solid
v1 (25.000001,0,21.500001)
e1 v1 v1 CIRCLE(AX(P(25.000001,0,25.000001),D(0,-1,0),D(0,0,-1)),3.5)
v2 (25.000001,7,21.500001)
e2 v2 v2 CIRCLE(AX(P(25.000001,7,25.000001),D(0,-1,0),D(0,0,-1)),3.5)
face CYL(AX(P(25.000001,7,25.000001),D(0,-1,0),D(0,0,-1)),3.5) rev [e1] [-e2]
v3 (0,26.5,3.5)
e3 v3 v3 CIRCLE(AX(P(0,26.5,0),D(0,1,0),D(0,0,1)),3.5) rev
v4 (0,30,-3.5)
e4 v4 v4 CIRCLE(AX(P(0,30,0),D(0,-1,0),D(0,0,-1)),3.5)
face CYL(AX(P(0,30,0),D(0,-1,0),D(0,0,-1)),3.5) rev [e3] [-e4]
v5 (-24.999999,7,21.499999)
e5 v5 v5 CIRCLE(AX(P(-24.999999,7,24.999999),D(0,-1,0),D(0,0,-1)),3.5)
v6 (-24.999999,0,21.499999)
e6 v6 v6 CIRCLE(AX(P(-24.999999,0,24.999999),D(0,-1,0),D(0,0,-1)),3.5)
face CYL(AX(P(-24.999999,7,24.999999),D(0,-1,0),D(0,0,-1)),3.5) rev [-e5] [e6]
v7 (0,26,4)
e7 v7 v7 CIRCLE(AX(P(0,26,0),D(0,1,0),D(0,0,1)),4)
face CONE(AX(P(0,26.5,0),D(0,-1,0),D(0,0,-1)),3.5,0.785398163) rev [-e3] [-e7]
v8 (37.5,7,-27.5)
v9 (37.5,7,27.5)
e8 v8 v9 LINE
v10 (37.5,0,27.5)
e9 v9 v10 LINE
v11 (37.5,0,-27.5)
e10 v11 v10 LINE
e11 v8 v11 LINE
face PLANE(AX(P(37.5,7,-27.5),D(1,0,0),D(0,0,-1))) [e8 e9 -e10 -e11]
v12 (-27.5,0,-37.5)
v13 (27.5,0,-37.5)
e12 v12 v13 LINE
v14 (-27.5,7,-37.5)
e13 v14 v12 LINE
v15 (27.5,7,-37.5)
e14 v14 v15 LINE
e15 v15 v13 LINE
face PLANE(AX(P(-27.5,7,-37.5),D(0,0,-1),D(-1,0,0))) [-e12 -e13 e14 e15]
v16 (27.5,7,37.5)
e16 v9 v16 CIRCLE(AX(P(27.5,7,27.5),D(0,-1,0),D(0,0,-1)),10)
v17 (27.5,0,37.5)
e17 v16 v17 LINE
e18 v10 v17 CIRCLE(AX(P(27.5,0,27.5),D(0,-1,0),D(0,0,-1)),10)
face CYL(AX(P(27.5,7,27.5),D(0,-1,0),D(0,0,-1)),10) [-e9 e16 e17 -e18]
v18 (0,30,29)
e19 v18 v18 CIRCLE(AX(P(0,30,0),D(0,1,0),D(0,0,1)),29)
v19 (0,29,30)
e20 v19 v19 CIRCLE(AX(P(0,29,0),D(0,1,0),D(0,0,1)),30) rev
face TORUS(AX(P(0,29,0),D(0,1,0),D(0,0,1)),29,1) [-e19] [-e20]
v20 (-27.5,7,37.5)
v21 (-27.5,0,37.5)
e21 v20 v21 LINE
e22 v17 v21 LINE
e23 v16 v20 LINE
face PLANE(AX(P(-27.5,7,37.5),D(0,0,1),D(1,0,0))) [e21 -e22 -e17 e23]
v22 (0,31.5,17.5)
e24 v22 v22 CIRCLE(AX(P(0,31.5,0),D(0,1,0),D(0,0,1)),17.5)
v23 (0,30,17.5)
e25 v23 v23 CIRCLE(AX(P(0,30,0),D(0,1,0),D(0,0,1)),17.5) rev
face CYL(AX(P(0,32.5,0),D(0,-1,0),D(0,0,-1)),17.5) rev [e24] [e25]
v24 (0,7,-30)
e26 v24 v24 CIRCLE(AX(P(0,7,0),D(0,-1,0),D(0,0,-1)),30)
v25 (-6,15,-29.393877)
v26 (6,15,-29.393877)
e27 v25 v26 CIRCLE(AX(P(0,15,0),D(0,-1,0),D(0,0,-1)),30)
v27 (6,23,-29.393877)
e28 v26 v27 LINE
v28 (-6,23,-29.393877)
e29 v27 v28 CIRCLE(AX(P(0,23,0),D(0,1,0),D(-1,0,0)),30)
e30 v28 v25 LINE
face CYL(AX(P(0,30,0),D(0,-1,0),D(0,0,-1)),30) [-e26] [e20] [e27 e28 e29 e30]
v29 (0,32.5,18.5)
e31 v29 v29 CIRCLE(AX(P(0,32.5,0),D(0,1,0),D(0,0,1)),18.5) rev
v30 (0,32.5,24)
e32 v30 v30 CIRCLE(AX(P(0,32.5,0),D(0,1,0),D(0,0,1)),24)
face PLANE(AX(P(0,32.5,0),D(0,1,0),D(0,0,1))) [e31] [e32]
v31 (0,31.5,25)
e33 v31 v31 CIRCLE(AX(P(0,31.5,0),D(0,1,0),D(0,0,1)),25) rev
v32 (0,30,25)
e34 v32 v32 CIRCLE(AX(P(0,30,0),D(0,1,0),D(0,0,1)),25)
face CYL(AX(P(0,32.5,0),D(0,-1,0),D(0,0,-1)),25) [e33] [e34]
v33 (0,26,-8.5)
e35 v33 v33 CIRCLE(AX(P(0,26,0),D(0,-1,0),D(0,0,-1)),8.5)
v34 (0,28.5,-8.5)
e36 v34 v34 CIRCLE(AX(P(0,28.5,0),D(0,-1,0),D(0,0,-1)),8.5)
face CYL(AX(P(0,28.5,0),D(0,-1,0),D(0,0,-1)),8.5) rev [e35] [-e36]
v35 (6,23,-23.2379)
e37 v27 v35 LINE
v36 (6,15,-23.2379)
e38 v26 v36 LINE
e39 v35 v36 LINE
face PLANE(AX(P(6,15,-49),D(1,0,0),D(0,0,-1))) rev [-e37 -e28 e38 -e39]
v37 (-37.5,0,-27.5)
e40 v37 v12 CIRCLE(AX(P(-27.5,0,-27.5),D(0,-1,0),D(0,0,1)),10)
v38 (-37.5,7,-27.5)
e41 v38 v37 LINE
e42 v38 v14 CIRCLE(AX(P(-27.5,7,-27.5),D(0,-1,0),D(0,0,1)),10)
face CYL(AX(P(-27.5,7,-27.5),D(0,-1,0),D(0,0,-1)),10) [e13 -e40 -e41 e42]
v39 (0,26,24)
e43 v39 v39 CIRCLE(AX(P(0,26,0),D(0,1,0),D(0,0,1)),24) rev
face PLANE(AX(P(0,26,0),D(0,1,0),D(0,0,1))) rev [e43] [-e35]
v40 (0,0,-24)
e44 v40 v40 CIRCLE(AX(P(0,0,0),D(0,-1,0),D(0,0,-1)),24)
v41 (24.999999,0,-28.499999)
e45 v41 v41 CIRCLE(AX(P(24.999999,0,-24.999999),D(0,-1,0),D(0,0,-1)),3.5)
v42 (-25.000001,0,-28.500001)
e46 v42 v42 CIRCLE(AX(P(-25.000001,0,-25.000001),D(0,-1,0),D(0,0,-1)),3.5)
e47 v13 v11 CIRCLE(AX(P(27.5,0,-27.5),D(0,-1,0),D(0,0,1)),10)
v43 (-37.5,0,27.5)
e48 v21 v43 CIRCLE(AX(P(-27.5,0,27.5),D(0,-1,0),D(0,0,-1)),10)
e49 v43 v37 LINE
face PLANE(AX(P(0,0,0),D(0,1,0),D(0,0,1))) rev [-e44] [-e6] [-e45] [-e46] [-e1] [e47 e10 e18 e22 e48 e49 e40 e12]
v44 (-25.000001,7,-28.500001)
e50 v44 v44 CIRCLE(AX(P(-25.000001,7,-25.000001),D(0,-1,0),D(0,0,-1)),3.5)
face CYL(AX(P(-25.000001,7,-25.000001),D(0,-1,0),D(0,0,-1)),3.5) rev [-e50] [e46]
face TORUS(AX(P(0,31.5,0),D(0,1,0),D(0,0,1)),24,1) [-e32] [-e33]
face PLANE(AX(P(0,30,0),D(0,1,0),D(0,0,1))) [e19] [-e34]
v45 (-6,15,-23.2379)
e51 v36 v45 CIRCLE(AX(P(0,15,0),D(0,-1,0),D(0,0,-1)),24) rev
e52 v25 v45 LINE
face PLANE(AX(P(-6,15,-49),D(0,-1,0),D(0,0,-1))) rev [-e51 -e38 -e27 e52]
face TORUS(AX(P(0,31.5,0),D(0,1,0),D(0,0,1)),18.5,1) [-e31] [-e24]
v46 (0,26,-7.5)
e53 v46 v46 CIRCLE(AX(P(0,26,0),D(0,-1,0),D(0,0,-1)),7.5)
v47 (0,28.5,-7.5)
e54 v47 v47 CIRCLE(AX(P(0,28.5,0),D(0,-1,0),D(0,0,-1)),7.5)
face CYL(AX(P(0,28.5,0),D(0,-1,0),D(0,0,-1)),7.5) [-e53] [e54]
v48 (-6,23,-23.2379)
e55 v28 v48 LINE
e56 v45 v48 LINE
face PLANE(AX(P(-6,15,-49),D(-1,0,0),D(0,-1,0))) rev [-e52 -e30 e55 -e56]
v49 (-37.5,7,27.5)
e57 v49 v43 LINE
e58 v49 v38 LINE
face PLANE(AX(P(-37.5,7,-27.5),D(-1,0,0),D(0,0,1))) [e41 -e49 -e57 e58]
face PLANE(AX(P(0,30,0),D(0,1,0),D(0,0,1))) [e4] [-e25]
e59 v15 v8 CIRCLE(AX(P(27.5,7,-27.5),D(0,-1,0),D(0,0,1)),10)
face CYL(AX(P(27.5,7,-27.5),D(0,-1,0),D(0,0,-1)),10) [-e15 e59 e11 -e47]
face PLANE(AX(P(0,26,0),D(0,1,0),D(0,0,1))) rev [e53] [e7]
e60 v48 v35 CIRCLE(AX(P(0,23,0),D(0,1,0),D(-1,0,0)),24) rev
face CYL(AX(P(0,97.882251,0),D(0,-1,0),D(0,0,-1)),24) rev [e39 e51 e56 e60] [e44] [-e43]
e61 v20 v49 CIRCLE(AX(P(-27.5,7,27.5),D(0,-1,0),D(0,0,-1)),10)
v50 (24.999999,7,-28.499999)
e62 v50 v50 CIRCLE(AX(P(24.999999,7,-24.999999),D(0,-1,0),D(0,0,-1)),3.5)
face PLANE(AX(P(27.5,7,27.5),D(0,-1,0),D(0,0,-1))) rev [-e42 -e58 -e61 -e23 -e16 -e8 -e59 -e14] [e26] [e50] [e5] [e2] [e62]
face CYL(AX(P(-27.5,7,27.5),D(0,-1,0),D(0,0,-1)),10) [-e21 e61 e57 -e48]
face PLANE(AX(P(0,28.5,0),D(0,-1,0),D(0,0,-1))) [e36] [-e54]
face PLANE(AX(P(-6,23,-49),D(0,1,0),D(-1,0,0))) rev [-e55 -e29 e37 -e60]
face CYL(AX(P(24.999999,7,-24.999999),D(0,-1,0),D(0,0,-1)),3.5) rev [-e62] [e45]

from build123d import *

# Parameters (mm, degrees)
SKETCH_1_R          = 30
EXTRUDE_1_DEPTH     = 30
SKETCH_2_R          = 3.5
EXTRUDE_2_DEPTH     = 7
SKETCH_3_R          = 24
CUT_EXTRUDE_1_DEPTH = 26
SKETCH_4_R          = 3.5
CUT_EXTRUDE_2_DEPTH = 60.063525123
SKETCH_5_R          = 8.5
SKETCH_5_R_2        = 7.5
CUT_EXTRUDE_3_DEPTH = 2.5
CHAMFER_1_SIZE      = 0.5
SKETCH_10_W         = 12
SKETCH_10_H         = 8
CUT_EXTRUDE_4_DEPTH = 49
SKETCH_11_R         = 25
SKETCH_11_R_2       = 17.5
EXTRUDE_3_DEPTH     = 2.5
FILLET_1_R          = 1


with BuildPart() as part:
    # 草图1 → 凸台-拉伸1 (new body)
    with BuildSketch(Plane(origin=(0, 0, 0), x_dir=(1, 0, 0), z_dir=(0, 1, 0))):
        with Locations(Location((0, 0, 0), (0, 0, 270))):
            Circle(SKETCH_1_R)
    extrude(amount=EXTRUDE_1_DEPTH)

    # 草图2 → 凸台-拉伸2 (add)
    with BuildSketch(Plane.XZ):
        with BuildLine():
            Line((-27.5, -37.5), (27.5, -37.5))
            ThreePointArc((27.5, -37.5), (34.571067812, -34.571067812), (37.5, -27.5))
            Line((37.5, -27.5), (37.5, 27.5))
            ThreePointArc((37.5, 27.5), (34.571067812, 34.571067812), (27.5, 37.5))
            Line((27.5, 37.5), (-27.5, 37.5))
            ThreePointArc((-27.5, 37.5), (-34.571067812, 34.571067812), (-37.5, 27.5))
            Line((-37.5, 27.5), (-37.5, -27.5))
            ThreePointArc((-37.5, -27.5), (-34.571067812, -34.571067812), (-27.5, -37.5))
        make_face()
        with Locations(Location((-24.999998784, 24.999998784, 0), (0, 0, 270))):
            Circle(SKETCH_2_R, mode=Mode.SUBTRACT)
        with Locations(Location((-25.000001216, -25.000001216, 0), (0, 0, 270))):
            Circle(SKETCH_2_R, mode=Mode.SUBTRACT)
        with Locations(Location((25.000001216, 25.000001216, 0), (0, 0, 270))):
            Circle(SKETCH_2_R, mode=Mode.SUBTRACT)
        with Locations(Location((24.999998784, -24.999998784, 0), (0, 0, 270))):
            Circle(SKETCH_2_R, mode=Mode.SUBTRACT)
    extrude(amount=-EXTRUDE_2_DEPTH)

    # 草图3 → 切除-拉伸1 (cut)
    with BuildSketch(Plane.XZ):
        with Locations(Location((0, 0, 0), (0, 0, 270))):
            Circle(SKETCH_3_R)
    extrude(amount=-CUT_EXTRUDE_1_DEPTH, mode=Mode.SUBTRACT)

    # 草图4 → 切除-拉伸2 (cut, through all)
    with BuildSketch(Plane.XZ.offset(-26)):
        with Locations(Location((0, 0, 0), (0, 0, 270))):
            Circle(SKETCH_4_R)
    extrude(amount=-CUT_EXTRUDE_2_DEPTH, mode=Mode.SUBTRACT)

    # 草图5 → 切除-拉伸3 (cut)
    with BuildSketch(Plane.XZ.offset(-26)):
        with Locations(Location((0, 0, 0), (0, 0, 270))):
            Circle(SKETCH_5_R)
        with Locations(Location((0, 0, 0), (0, 0, 270))):
            Circle(SKETCH_5_R_2, mode=Mode.SUBTRACT)
    extrude(amount=-CUT_EXTRUDE_3_DEPTH, mode=Mode.SUBTRACT)

    # 倒角1
    chamfer_1_edges = [part.edges().sort_by_distance(p)[0] for p in [
        (0, 26, 3.5),
    ]]
    chamfer(chamfer_1_edges, length=CHAMFER_1_SIZE)

    # 草图10 → 切除-拉伸4 (cut)
    with BuildSketch(Plane.XY):
        with Locations((0, 19)):
            Rectangle(SKETCH_10_W, SKETCH_10_H)
    extrude(amount=-CUT_EXTRUDE_4_DEPTH, mode=Mode.SUBTRACT)

    # 草图11 → 凸台-拉伸3 (add)
    with BuildSketch(Plane(origin=(0, 30, 0), x_dir=(1, 0, 0), z_dir=(0, 1, 0))):
        with Locations(Location((0, 0, 0), (0, 0, 270))):
            Circle(SKETCH_11_R)
        with Locations(Location((0, 0, 0), (0, 0, 270))):
            Circle(SKETCH_11_R_2, mode=Mode.SUBTRACT)
    extrude(amount=EXTRUDE_3_DEPTH)

    # 圆角1
    fillet_1_edges = [part.edges().sort_by_distance(p)[0] for p in [
        (0, 30, -30),
        (0, 32.5, -25),
        (0, 32.5, -17.5),
    ]]
    fillet(fillet_1_edges, radius=FILLET_1_R)


solid = part.part
